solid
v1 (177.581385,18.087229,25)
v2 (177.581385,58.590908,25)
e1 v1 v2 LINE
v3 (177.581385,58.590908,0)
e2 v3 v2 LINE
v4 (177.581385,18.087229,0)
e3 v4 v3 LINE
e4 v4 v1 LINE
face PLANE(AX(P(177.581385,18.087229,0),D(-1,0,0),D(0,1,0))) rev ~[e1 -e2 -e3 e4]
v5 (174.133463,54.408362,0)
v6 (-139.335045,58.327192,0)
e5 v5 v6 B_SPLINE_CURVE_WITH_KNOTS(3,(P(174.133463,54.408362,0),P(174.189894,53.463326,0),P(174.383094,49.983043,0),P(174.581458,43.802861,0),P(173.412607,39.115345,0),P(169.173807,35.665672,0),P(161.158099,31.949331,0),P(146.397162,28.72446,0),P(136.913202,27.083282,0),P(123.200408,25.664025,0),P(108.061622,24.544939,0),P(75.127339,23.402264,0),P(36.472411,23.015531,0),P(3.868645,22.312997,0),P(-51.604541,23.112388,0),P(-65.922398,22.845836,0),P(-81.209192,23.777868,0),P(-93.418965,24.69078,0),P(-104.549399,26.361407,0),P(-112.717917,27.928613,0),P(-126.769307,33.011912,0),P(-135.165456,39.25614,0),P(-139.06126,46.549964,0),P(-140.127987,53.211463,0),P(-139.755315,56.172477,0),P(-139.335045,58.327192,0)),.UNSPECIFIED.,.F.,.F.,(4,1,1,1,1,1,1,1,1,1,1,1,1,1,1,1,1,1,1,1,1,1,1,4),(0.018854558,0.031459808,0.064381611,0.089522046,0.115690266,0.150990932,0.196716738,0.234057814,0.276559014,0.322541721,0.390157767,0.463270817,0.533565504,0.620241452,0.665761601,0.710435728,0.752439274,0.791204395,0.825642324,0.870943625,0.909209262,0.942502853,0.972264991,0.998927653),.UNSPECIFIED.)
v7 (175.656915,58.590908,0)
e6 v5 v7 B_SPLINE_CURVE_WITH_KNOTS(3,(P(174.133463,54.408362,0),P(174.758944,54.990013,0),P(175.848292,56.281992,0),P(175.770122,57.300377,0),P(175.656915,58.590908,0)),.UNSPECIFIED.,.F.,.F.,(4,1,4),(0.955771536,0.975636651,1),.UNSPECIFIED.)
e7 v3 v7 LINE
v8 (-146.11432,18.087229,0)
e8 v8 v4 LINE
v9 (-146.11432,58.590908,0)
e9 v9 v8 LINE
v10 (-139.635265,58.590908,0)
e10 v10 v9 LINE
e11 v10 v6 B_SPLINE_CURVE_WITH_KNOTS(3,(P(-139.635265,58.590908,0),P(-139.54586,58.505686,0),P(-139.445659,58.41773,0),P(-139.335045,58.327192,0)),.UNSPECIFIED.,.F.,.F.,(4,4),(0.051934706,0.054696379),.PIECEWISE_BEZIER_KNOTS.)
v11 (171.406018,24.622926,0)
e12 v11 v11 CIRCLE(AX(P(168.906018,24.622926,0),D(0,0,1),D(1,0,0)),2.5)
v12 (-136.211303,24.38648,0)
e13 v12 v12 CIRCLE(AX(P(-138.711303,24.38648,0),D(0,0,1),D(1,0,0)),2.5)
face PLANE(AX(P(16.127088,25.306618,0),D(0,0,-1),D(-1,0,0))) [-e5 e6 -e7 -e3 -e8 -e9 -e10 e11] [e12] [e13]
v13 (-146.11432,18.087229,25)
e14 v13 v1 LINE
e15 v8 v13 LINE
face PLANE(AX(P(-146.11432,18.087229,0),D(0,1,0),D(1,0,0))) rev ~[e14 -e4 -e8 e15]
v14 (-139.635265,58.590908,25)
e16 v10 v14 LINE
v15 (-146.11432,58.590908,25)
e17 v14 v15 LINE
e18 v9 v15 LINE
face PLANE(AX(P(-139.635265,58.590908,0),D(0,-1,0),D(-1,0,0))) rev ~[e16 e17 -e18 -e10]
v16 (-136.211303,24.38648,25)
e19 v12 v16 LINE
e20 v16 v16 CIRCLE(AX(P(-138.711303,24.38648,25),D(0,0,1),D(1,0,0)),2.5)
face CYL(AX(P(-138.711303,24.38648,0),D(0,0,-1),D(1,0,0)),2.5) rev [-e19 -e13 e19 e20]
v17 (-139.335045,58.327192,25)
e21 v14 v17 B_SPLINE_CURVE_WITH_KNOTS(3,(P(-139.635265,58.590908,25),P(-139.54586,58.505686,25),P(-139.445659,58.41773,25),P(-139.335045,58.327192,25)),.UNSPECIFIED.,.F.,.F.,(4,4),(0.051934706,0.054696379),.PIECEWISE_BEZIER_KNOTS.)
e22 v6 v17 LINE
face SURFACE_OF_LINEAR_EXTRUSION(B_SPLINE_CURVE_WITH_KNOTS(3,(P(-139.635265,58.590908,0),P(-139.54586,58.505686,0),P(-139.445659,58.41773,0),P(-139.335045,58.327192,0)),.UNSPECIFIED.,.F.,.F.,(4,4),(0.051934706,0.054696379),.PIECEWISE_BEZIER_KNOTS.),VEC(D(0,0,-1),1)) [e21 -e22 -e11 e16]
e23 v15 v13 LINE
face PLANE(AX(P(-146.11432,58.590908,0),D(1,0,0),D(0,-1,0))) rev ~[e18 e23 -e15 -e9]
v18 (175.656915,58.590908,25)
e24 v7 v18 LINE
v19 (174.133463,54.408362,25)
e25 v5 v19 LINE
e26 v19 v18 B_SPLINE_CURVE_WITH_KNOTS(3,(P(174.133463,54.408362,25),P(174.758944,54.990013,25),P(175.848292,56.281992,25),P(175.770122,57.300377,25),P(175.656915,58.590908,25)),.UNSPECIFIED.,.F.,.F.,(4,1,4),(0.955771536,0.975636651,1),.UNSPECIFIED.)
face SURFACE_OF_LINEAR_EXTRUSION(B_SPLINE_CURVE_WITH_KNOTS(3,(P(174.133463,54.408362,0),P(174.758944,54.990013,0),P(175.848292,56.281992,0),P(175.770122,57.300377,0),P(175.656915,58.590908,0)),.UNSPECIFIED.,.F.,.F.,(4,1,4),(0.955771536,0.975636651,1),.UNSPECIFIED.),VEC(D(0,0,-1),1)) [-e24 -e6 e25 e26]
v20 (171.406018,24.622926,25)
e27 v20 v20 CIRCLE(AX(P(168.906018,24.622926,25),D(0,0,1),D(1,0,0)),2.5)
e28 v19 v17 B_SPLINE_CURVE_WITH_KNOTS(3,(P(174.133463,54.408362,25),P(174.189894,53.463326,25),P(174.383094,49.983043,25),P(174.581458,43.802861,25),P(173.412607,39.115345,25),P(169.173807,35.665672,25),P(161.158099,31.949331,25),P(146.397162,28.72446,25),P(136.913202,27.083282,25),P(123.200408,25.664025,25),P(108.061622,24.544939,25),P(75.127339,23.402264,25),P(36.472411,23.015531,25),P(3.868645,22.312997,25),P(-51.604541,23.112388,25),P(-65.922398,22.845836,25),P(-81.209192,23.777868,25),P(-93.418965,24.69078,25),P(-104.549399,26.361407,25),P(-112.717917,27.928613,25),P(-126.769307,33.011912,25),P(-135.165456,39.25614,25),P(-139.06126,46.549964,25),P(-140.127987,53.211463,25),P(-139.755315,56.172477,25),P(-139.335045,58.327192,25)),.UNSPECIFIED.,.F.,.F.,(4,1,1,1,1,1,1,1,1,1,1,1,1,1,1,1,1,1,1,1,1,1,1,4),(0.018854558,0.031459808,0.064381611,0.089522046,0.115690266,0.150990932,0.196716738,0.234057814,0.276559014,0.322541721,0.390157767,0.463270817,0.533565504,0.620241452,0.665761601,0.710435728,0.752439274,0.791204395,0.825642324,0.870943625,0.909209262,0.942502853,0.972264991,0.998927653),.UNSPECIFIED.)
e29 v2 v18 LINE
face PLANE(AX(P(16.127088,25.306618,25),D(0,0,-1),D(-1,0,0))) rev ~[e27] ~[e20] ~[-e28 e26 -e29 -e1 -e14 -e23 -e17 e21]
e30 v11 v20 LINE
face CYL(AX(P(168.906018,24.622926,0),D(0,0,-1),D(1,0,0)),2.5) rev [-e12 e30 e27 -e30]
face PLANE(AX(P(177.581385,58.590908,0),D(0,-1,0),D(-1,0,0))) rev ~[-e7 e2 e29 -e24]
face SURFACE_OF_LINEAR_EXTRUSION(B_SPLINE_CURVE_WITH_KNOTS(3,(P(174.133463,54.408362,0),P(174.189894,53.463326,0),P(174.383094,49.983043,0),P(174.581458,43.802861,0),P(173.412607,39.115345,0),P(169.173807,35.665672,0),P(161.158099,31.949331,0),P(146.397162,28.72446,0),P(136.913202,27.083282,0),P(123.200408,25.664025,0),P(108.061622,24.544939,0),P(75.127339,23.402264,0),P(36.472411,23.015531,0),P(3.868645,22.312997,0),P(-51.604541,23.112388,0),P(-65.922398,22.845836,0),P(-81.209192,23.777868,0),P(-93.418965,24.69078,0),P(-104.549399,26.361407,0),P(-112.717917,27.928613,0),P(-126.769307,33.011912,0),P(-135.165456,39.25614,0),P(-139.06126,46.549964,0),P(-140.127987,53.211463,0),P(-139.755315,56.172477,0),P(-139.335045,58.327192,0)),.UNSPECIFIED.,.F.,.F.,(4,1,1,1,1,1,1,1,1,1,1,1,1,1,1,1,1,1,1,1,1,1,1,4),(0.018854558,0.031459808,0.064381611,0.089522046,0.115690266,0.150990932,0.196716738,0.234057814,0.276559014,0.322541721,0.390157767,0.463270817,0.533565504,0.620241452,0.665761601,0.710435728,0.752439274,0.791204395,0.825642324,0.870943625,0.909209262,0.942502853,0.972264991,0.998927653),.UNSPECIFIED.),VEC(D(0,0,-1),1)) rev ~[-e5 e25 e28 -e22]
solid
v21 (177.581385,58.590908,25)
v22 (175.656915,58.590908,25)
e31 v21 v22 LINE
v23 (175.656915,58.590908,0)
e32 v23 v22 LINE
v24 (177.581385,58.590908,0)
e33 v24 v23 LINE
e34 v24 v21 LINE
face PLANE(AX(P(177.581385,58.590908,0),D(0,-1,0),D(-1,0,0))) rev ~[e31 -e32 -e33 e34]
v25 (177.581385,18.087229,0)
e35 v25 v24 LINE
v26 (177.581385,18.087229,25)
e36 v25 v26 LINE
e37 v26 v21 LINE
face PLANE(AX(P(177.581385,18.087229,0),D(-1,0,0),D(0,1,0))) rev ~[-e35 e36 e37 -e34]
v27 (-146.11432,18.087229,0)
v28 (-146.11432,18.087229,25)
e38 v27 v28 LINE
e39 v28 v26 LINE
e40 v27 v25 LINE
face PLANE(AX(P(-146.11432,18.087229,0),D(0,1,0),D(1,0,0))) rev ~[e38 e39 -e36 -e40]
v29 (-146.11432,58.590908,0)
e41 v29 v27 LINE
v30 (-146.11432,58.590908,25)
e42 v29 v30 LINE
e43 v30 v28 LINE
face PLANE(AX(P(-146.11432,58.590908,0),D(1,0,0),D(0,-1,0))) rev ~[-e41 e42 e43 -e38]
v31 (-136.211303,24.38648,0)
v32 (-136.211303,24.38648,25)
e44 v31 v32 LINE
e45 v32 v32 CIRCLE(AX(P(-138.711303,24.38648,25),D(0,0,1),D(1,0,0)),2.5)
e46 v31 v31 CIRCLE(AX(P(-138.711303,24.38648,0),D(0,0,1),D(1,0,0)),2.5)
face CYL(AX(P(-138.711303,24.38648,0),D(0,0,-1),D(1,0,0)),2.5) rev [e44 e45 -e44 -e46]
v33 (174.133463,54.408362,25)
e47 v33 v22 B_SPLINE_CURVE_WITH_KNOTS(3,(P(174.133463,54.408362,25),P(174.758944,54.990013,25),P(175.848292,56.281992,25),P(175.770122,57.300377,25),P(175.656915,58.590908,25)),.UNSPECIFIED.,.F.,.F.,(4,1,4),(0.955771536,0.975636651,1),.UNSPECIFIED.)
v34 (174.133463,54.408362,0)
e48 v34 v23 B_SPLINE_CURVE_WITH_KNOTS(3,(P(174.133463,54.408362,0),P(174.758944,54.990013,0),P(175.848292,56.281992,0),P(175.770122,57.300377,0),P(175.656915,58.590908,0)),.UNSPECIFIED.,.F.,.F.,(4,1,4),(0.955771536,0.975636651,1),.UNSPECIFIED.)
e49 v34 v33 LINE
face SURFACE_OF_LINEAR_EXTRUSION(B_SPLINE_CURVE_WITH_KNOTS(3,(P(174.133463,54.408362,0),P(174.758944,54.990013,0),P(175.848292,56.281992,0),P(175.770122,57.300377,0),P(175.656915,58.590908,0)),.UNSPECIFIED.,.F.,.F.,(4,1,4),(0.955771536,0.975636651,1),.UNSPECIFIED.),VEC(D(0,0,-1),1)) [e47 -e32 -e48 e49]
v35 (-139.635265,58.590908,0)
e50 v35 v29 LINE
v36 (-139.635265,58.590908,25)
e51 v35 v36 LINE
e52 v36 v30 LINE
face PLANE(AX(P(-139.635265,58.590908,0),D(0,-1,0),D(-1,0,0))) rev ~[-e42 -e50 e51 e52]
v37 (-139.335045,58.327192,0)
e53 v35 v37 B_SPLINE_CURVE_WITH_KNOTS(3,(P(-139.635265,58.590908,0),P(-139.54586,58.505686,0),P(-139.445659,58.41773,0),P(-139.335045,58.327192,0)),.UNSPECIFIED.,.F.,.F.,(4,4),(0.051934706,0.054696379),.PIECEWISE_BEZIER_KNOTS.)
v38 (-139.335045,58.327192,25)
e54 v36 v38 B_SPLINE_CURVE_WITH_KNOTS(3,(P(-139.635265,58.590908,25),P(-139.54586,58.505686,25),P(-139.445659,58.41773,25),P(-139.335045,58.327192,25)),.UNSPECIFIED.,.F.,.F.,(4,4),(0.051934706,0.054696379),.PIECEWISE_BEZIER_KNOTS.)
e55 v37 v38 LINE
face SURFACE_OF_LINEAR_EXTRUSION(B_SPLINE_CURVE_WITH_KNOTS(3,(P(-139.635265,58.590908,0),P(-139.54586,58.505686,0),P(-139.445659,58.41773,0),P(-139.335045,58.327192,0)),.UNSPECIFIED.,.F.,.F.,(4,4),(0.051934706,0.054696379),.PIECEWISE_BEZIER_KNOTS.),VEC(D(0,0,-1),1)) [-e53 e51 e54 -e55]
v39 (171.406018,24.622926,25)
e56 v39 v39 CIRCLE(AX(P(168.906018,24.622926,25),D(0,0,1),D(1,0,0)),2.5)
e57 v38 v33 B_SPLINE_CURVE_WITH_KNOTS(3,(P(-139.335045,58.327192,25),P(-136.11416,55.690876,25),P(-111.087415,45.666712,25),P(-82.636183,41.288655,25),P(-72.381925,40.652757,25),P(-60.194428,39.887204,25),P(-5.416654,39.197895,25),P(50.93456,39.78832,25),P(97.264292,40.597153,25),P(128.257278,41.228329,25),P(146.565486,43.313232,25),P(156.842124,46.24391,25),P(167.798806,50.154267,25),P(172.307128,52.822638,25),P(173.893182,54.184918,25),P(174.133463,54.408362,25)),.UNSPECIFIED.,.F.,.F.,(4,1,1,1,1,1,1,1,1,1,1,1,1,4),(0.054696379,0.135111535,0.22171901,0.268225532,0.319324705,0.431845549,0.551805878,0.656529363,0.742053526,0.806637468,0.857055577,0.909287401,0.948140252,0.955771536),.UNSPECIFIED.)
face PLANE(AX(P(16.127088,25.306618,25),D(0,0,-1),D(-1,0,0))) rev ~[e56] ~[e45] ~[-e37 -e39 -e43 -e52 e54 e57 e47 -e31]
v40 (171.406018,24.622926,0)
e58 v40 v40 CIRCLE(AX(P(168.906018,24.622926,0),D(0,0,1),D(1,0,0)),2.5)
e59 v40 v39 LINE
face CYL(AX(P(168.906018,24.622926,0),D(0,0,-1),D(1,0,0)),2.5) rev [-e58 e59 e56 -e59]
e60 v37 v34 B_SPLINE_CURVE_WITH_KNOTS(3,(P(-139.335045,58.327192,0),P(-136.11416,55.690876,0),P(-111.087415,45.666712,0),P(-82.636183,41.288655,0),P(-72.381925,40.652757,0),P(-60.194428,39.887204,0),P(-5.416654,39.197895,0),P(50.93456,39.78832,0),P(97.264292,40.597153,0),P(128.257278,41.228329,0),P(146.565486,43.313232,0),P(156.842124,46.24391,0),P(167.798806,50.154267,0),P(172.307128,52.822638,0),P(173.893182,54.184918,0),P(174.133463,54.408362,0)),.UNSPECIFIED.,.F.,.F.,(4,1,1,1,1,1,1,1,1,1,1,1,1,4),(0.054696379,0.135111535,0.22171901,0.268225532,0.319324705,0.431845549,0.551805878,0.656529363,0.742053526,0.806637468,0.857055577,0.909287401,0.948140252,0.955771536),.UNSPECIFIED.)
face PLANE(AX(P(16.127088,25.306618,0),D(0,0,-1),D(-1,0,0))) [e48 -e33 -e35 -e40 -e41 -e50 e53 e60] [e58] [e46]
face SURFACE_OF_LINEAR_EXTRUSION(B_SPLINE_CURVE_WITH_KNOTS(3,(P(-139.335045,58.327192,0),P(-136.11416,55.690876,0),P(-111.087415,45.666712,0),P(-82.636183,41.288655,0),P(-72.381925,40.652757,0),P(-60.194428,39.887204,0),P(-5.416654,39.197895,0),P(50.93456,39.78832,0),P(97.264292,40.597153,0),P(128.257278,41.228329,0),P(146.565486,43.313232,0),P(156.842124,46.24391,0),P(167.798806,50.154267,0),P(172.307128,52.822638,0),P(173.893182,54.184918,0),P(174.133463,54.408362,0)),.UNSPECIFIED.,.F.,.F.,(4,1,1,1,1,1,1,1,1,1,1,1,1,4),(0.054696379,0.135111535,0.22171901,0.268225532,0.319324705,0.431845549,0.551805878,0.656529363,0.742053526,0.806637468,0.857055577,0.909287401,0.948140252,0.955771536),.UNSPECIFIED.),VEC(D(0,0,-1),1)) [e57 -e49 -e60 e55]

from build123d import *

# Parameters (mm, degrees)
F0_R     = 2.5
F1_DEPTH = 25
F2_DEPTH = 25


with BuildPart() as f1:
    # F0 (on Top) → F1 (new body)
    with BuildSketch(Plane.XY):
        with BuildLine():
            add(Edge.make_bspline(
                [(-139.6352648735, 58.5909076035), (-139.5458598012, 58.5056858184), (-139.4456585226, 58.4177304997), (-139.3350446622, 58.3271923155)],
                knots=[0.0519347063, 0.0519347063, 0.0519347063, 0.0519347063, 0.0546963792, 0.0546963792, 0.0546963792, 0.0546963792], degree=3))
            Line((-139.6352648735, 58.5909076035), (-146.1143195629, 58.5909076035))
            Line((-146.1143195629, 58.5909076035), (-146.1143195629, 18.0872287601))
            Line((-146.1143195629, 18.0872287601), (177.581384778, 18.0872287601))
            Line((177.581384778, 18.0872287601), (177.581384778, 58.5909076035))
            Line((177.581384778, 58.5909076035), (175.656914711, 58.5909076035))
            add(Edge.make_bspline(
                [(174.1334632158, 54.4083624755), (174.7589441287, 54.9900134208), (175.8482915478, 56.281992237), (175.7701217806, 57.3003767663), (175.656914711, 58.5909076035)],
                knots=[0.9557715358, 0.9557715358, 0.9557715358, 0.9557715358, 0.9756366505, 1, 1, 1, 1], degree=3))
            add(Edge.make_bspline(
                [(174.1334632167, 54.4083624753), (174.189893801, 53.4633263464), (174.3830940173, 49.9830432128), (174.5814578504, 43.8028608554), (173.412606994, 39.1153453617), (169.1738071407, 35.6656723823), (161.1580991011, 31.949330655), (146.3971621435, 28.7244595214), (136.9132024714, 27.0832818961), (123.2004081581, 25.6640246994), (108.061622488, 24.5449391203), (75.1273388607, 23.4022640038), (36.4724110663, 23.0155308696), (3.8686453776, 22.312997387), (-51.6045414938, 23.112387578), (-65.9223980086, 22.845835978), (-81.2091917194, 23.7778679853), (-93.4189652884, 24.6907796428), (-104.5493986686, 26.3614067505), (-112.7179166089, 27.9286127663), (-126.7693065864, 33.0119117868), (-135.1654556464, 39.2561404523), (-139.0612596293, 46.549964157), (-140.1279867526, 53.2114625896), (-139.7553147718, 56.1724771596), (-139.3350446622, 58.3271923154)],
                knots=[0.0188545575, 0.0188545575, 0.0188545575, 0.0188545575, 0.0314598083, 0.0643816109, 0.0895220461, 0.1156902656, 0.1509909316, 0.1967167381, 0.2340578143, 0.2765590142, 0.322541721, 0.3901577668, 0.4632708166, 0.5335655039, 0.6202414521, 0.6657616014, 0.7104357276, 0.7524392743, 0.7912043954, 0.825642324, 0.8709436249, 0.9092092615, 0.9425028529, 0.9722649913, 0.9989276527, 0.9989276527, 0.9989276527, 0.9989276527], degree=3))
        make_face()
        with Locations((-138.7113034725, 24.3864804506)):
            Circle(F0_R, mode=Mode.SUBTRACT)
        with Locations((168.9060181379, 24.6229264885)):
            Circle(F0_R, mode=Mode.SUBTRACT)
        with BuildLine():
            add(Edge.make_bspline(
                [(-139.3350446622, 58.3271923155), (-136.1141597239, 55.6908764594), (-111.0874151162, 45.6667122742), (-82.6361830961, 41.2886548618), (-72.3819247416, 40.6527570491), (-60.1944284834, 39.8872044203), (-5.4166536357, 39.1978947339), (50.9345599142, 39.7883198985), (97.2642922875, 40.5971531686), (128.2572778018, 41.2283290703), (146.5654863621, 43.3132315498), (156.8421239655, 46.2439099265), (167.7988057184, 50.1542670042), (172.3071282475, 52.8226380174), (173.893181572, 54.1849183346), (174.1334632158, 54.4083624755)],
                knots=[0.0546963792, 0.0546963792, 0.0546963792, 0.0546963792, 0.1351115349, 0.2217190098, 0.2682255325, 0.3193247047, 0.4318455488, 0.5518058785, 0.6565293625, 0.7420535255, 0.8066374679, 0.8570555771, 0.9092874012, 0.9481402519, 0.9557715358, 0.9557715358, 0.9557715358, 0.9557715358], degree=3))
            add(Edge.make_bspline(
                [(174.1334632167, 54.4083624753), (174.189893801, 53.4633263464), (174.3830940173, 49.9830432128), (174.5814578504, 43.8028608554), (173.412606994, 39.1153453617), (169.1738071407, 35.6656723823), (161.1580991011, 31.949330655), (146.3971621435, 28.7244595214), (136.9132024714, 27.0832818961), (123.2004081581, 25.6640246994), (108.061622488, 24.5449391203), (75.1273388607, 23.4022640038), (36.4724110663, 23.0155308696), (3.8686453776, 22.312997387), (-51.6045414938, 23.112387578), (-65.9223980086, 22.845835978), (-81.2091917194, 23.7778679853), (-93.4189652884, 24.6907796428), (-104.5493986686, 26.3614067505), (-112.7179166089, 27.9286127663), (-126.7693065864, 33.0119117868), (-135.1654556464, 39.2561404523), (-139.0612596293, 46.549964157), (-140.1279867526, 53.2114625896), (-139.7553147718, 56.1724771596), (-139.3350446622, 58.3271923154)],
                knots=[0.0188545575, 0.0188545575, 0.0188545575, 0.0188545575, 0.0314598083, 0.0643816109, 0.0895220461, 0.1156902656, 0.1509909316, 0.1967167381, 0.2340578143, 0.2765590142, 0.322541721, 0.3901577668, 0.4632708166, 0.5335655039, 0.6202414521, 0.6657616014, 0.7104357276, 0.7524392743, 0.7912043954, 0.825642324, 0.8709436249, 0.9092092615, 0.9425028529, 0.9722649913, 0.9989276527, 0.9989276527, 0.9989276527, 0.9989276527], degree=3))
        make_face()
    extrude(amount=F1_DEPTH)


with BuildPart() as f2:
    # F0 (on Top) → F2 (new body)
    with BuildSketch(Plane.XY):
        with BuildLine():
            add(Edge.make_bspline(
                [(-139.6352648735, 58.5909076035), (-139.5458598012, 58.5056858184), (-139.4456585226, 58.4177304997), (-139.3350446622, 58.3271923155)],
                knots=[0.0519347063, 0.0519347063, 0.0519347063, 0.0519347063, 0.0546963792, 0.0546963792, 0.0546963792, 0.0546963792], degree=3))
            Line((-139.6352648735, 58.5909076035), (-146.1143195629, 58.5909076035))
            Line((-146.1143195629, 58.5909076035), (-146.1143195629, 18.0872287601))
            Line((-146.1143195629, 18.0872287601), (177.581384778, 18.0872287601))
            Line((177.581384778, 18.0872287601), (177.581384778, 58.5909076035))
            Line((177.581384778, 58.5909076035), (175.656914711, 58.5909076035))
            add(Edge.make_bspline(
                [(174.1334632158, 54.4083624755), (174.7589441287, 54.9900134208), (175.8482915478, 56.281992237), (175.7701217806, 57.3003767663), (175.656914711, 58.5909076035)],
                knots=[0.9557715358, 0.9557715358, 0.9557715358, 0.9557715358, 0.9756366505, 1, 1, 1, 1], degree=3))
            add(Edge.make_bspline(
                [(174.1334632167, 54.4083624753), (174.189893801, 53.4633263464), (174.3830940173, 49.9830432128), (174.5814578504, 43.8028608554), (173.412606994, 39.1153453617), (169.1738071407, 35.6656723823), (161.1580991011, 31.949330655), (146.3971621435, 28.7244595214), (136.9132024714, 27.0832818961), (123.2004081581, 25.6640246994), (108.061622488, 24.5449391203), (75.1273388607, 23.4022640038), (36.4724110663, 23.0155308696), (3.8686453776, 22.312997387), (-51.6045414938, 23.112387578), (-65.9223980086, 22.845835978), (-81.2091917194, 23.7778679853), (-93.4189652884, 24.6907796428), (-104.5493986686, 26.3614067505), (-112.7179166089, 27.9286127663), (-126.7693065864, 33.0119117868), (-135.1654556464, 39.2561404523), (-139.0612596293, 46.549964157), (-140.1279867526, 53.2114625896), (-139.7553147718, 56.1724771596), (-139.3350446622, 58.3271923154)],
                knots=[0.0188545575, 0.0188545575, 0.0188545575, 0.0188545575, 0.0314598083, 0.0643816109, 0.0895220461, 0.1156902656, 0.1509909316, 0.1967167381, 0.2340578143, 0.2765590142, 0.322541721, 0.3901577668, 0.4632708166, 0.5335655039, 0.6202414521, 0.6657616014, 0.7104357276, 0.7524392743, 0.7912043954, 0.825642324, 0.8709436249, 0.9092092615, 0.9425028529, 0.9722649913, 0.9989276527, 0.9989276527, 0.9989276527, 0.9989276527], degree=3))
        make_face()
        with Locations((-138.7113034725, 24.3864804506)):
            Circle(F0_R, mode=Mode.SUBTRACT)
        with Locations((168.9060181379, 24.6229264885)):
            Circle(F0_R, mode=Mode.SUBTRACT)
    extrude(amount=F2_DEPTH)


solid = Compound([f1.part, f2.part])
